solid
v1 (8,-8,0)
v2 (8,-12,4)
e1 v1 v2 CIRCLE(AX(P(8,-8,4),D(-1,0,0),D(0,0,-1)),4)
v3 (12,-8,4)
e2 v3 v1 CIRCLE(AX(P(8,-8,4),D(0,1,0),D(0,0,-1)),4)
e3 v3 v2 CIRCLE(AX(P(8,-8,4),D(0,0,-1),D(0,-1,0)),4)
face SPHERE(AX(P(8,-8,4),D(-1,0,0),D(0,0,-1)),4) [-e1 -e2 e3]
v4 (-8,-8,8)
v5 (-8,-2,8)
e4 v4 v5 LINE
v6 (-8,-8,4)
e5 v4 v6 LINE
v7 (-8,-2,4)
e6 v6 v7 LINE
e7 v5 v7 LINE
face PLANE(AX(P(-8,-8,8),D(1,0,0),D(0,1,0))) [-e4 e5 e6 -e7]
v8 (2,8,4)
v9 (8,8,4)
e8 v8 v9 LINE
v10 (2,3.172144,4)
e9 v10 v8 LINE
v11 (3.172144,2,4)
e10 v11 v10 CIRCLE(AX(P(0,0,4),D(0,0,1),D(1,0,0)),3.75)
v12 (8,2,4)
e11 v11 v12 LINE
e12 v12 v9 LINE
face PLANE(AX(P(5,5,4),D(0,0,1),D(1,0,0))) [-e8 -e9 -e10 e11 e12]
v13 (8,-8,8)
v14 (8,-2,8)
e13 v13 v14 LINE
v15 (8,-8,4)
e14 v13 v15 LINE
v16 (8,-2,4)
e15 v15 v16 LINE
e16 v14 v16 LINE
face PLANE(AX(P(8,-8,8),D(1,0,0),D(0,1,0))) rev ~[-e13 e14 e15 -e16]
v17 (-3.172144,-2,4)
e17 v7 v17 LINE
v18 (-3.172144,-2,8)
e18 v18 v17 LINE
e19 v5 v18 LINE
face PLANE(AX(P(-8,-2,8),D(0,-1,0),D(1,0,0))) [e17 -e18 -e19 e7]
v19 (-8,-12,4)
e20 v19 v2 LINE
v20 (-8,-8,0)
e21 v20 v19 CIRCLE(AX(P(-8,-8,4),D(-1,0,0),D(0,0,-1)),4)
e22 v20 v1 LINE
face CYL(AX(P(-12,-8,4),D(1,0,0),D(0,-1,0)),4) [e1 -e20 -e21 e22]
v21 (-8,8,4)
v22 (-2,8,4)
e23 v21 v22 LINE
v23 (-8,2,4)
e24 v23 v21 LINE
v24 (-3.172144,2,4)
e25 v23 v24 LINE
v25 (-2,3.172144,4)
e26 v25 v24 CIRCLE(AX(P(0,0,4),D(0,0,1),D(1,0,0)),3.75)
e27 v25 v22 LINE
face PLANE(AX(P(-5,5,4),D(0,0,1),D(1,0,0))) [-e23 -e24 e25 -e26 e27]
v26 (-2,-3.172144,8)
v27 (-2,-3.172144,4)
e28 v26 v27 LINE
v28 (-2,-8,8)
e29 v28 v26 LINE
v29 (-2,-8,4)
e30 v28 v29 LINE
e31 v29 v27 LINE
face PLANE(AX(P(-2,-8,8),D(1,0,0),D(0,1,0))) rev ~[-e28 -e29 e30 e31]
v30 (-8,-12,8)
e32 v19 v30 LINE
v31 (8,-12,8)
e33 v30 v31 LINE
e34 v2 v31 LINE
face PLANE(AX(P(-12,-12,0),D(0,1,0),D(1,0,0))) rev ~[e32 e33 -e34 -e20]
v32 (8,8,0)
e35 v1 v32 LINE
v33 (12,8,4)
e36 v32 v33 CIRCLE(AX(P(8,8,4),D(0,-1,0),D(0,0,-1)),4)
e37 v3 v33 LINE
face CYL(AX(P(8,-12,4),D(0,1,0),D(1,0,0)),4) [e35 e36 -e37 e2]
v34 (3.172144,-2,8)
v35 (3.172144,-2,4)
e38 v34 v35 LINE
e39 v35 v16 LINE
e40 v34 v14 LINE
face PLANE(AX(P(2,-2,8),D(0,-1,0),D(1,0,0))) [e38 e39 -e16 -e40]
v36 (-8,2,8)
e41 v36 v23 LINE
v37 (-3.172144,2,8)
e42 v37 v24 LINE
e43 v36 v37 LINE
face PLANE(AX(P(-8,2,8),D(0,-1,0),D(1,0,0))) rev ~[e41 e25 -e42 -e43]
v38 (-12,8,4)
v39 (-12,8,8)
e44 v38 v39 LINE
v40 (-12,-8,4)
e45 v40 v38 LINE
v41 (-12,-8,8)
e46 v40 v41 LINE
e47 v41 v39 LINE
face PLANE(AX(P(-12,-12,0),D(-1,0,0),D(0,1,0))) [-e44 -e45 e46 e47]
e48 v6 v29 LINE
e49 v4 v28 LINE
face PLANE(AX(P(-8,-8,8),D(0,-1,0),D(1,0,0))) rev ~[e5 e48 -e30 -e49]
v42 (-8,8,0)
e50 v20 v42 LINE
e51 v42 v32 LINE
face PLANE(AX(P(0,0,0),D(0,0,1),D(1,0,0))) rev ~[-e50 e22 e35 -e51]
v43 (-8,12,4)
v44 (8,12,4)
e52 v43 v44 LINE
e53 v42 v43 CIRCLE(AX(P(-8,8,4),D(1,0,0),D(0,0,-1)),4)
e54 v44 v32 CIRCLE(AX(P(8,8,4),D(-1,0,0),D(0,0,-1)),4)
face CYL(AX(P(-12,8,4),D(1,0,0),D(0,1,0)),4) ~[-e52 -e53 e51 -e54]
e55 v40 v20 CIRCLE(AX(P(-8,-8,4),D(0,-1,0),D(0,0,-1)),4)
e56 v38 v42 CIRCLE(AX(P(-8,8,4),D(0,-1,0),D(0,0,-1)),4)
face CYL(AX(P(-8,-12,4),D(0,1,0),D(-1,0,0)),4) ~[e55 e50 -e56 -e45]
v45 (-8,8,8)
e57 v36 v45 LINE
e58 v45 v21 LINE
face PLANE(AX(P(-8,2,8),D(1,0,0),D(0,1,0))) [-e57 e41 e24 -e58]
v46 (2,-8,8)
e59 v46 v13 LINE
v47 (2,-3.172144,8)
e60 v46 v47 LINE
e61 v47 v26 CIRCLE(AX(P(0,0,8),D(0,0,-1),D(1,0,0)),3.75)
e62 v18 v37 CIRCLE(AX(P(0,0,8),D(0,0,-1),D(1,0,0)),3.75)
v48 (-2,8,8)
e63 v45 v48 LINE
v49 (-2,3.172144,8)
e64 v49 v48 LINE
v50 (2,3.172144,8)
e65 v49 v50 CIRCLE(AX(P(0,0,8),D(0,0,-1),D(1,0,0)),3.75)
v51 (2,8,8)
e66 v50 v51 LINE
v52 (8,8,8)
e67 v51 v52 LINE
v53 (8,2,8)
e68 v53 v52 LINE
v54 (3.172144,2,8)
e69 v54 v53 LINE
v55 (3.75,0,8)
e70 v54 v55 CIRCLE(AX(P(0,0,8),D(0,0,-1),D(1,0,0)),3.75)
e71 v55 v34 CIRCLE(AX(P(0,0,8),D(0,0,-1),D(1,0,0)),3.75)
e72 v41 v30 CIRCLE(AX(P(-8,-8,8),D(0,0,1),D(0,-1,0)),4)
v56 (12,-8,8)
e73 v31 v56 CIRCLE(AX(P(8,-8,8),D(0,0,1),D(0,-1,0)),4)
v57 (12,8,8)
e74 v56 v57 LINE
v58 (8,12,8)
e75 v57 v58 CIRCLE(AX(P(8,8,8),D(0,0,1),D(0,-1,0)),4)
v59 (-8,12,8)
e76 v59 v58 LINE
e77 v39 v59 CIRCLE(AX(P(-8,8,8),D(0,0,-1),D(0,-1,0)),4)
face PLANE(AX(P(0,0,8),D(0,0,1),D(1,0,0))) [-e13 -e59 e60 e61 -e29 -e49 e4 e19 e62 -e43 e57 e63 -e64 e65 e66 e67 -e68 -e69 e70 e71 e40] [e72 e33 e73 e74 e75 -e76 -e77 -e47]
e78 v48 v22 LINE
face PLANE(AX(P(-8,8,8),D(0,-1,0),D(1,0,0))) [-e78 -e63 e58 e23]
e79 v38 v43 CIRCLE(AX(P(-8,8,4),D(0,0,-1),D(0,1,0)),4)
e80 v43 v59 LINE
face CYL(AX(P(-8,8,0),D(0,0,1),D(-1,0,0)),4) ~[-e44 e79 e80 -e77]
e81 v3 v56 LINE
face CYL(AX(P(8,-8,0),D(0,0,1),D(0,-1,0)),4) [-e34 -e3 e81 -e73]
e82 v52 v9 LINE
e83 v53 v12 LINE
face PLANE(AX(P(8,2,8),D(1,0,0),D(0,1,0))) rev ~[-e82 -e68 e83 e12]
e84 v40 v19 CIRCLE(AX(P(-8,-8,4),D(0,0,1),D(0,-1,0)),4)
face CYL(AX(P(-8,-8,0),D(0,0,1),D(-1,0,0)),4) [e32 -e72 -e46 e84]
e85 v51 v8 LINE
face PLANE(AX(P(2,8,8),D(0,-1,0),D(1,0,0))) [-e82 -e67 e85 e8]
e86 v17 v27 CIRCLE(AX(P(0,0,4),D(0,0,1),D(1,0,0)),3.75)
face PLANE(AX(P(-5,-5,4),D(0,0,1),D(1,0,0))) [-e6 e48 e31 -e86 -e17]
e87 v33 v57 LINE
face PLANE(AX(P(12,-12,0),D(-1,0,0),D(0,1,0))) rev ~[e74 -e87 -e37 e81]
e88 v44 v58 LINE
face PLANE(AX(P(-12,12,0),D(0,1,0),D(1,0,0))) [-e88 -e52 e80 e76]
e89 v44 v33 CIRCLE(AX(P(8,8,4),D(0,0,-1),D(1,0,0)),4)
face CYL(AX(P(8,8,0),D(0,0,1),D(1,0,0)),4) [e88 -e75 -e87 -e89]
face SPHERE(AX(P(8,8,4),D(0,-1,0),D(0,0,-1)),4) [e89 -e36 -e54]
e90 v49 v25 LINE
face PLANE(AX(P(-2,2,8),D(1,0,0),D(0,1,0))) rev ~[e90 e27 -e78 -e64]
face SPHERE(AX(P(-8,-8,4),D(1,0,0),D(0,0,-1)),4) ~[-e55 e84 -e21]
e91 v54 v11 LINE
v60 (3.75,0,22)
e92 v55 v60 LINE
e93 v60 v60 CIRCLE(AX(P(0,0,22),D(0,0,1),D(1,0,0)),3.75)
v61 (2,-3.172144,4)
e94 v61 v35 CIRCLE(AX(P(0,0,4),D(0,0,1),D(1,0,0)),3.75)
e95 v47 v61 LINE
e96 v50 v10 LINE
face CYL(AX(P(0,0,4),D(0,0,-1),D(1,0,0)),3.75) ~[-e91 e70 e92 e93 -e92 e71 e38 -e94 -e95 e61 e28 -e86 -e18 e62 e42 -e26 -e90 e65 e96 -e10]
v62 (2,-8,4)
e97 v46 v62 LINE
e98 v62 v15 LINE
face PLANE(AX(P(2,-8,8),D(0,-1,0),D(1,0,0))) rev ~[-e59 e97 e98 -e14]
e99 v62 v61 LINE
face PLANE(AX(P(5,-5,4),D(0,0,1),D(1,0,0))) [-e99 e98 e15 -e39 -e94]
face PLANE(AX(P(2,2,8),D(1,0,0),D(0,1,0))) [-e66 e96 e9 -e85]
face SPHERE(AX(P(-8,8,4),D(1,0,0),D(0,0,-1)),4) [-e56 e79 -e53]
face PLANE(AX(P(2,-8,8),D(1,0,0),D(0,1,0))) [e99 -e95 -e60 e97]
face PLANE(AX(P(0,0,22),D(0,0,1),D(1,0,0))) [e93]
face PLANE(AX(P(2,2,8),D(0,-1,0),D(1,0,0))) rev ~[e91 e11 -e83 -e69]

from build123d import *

# Parameters (mm, degrees)
F0_W     = 24
F0_H     = 24
F1_DEPTH = 8
F2_R     = 4
F3_W     = 6
F3_H     = 6
F4_DEPTH = 4
F5_R     = 3.75
F6_DEPTH = 18


with BuildPart() as f1:
    # F0 (on Top) → F1 (new body)
    with BuildSketch(Plane.XY):
        Rectangle(F0_W, F0_H)
    extrude(amount=F1_DEPTH)

    # F2
    f2_edges = [f1.edges().sort_by_distance(p)[0] for p in [
        (0, -12, 0),
        (12, 0, 0),
        (0, 12, 0),
        (-12, 0, 0),
        (12, -12, 4),
        (-12, -12, 4),
        (-12, 12, 4),
        (12, 12, 4),
    ]]
    fillet(f2_edges, radius=F2_R)

    # F3 (on face) → F4 (cut)
    with BuildSketch(Plane.XY.offset(8)):
        with Locations((5, 5)):
            Rectangle(F3_W, F3_H)
        with Locations((-5, 5)):
            Rectangle(F3_W, F3_H)
        with Locations((5, -5)):
            Rectangle(F3_W, F3_H)
        with Locations((-5, -5)):
            Rectangle(F3_W, F3_H)
    extrude(amount=-F4_DEPTH, mode=Mode.SUBTRACT)

    # F5 (on face) → F6 (join)
    with BuildSketch(Plane.XY.offset(4)):
        Circle(F5_R)
    extrude(amount=F6_DEPTH)


solid = f1.part
